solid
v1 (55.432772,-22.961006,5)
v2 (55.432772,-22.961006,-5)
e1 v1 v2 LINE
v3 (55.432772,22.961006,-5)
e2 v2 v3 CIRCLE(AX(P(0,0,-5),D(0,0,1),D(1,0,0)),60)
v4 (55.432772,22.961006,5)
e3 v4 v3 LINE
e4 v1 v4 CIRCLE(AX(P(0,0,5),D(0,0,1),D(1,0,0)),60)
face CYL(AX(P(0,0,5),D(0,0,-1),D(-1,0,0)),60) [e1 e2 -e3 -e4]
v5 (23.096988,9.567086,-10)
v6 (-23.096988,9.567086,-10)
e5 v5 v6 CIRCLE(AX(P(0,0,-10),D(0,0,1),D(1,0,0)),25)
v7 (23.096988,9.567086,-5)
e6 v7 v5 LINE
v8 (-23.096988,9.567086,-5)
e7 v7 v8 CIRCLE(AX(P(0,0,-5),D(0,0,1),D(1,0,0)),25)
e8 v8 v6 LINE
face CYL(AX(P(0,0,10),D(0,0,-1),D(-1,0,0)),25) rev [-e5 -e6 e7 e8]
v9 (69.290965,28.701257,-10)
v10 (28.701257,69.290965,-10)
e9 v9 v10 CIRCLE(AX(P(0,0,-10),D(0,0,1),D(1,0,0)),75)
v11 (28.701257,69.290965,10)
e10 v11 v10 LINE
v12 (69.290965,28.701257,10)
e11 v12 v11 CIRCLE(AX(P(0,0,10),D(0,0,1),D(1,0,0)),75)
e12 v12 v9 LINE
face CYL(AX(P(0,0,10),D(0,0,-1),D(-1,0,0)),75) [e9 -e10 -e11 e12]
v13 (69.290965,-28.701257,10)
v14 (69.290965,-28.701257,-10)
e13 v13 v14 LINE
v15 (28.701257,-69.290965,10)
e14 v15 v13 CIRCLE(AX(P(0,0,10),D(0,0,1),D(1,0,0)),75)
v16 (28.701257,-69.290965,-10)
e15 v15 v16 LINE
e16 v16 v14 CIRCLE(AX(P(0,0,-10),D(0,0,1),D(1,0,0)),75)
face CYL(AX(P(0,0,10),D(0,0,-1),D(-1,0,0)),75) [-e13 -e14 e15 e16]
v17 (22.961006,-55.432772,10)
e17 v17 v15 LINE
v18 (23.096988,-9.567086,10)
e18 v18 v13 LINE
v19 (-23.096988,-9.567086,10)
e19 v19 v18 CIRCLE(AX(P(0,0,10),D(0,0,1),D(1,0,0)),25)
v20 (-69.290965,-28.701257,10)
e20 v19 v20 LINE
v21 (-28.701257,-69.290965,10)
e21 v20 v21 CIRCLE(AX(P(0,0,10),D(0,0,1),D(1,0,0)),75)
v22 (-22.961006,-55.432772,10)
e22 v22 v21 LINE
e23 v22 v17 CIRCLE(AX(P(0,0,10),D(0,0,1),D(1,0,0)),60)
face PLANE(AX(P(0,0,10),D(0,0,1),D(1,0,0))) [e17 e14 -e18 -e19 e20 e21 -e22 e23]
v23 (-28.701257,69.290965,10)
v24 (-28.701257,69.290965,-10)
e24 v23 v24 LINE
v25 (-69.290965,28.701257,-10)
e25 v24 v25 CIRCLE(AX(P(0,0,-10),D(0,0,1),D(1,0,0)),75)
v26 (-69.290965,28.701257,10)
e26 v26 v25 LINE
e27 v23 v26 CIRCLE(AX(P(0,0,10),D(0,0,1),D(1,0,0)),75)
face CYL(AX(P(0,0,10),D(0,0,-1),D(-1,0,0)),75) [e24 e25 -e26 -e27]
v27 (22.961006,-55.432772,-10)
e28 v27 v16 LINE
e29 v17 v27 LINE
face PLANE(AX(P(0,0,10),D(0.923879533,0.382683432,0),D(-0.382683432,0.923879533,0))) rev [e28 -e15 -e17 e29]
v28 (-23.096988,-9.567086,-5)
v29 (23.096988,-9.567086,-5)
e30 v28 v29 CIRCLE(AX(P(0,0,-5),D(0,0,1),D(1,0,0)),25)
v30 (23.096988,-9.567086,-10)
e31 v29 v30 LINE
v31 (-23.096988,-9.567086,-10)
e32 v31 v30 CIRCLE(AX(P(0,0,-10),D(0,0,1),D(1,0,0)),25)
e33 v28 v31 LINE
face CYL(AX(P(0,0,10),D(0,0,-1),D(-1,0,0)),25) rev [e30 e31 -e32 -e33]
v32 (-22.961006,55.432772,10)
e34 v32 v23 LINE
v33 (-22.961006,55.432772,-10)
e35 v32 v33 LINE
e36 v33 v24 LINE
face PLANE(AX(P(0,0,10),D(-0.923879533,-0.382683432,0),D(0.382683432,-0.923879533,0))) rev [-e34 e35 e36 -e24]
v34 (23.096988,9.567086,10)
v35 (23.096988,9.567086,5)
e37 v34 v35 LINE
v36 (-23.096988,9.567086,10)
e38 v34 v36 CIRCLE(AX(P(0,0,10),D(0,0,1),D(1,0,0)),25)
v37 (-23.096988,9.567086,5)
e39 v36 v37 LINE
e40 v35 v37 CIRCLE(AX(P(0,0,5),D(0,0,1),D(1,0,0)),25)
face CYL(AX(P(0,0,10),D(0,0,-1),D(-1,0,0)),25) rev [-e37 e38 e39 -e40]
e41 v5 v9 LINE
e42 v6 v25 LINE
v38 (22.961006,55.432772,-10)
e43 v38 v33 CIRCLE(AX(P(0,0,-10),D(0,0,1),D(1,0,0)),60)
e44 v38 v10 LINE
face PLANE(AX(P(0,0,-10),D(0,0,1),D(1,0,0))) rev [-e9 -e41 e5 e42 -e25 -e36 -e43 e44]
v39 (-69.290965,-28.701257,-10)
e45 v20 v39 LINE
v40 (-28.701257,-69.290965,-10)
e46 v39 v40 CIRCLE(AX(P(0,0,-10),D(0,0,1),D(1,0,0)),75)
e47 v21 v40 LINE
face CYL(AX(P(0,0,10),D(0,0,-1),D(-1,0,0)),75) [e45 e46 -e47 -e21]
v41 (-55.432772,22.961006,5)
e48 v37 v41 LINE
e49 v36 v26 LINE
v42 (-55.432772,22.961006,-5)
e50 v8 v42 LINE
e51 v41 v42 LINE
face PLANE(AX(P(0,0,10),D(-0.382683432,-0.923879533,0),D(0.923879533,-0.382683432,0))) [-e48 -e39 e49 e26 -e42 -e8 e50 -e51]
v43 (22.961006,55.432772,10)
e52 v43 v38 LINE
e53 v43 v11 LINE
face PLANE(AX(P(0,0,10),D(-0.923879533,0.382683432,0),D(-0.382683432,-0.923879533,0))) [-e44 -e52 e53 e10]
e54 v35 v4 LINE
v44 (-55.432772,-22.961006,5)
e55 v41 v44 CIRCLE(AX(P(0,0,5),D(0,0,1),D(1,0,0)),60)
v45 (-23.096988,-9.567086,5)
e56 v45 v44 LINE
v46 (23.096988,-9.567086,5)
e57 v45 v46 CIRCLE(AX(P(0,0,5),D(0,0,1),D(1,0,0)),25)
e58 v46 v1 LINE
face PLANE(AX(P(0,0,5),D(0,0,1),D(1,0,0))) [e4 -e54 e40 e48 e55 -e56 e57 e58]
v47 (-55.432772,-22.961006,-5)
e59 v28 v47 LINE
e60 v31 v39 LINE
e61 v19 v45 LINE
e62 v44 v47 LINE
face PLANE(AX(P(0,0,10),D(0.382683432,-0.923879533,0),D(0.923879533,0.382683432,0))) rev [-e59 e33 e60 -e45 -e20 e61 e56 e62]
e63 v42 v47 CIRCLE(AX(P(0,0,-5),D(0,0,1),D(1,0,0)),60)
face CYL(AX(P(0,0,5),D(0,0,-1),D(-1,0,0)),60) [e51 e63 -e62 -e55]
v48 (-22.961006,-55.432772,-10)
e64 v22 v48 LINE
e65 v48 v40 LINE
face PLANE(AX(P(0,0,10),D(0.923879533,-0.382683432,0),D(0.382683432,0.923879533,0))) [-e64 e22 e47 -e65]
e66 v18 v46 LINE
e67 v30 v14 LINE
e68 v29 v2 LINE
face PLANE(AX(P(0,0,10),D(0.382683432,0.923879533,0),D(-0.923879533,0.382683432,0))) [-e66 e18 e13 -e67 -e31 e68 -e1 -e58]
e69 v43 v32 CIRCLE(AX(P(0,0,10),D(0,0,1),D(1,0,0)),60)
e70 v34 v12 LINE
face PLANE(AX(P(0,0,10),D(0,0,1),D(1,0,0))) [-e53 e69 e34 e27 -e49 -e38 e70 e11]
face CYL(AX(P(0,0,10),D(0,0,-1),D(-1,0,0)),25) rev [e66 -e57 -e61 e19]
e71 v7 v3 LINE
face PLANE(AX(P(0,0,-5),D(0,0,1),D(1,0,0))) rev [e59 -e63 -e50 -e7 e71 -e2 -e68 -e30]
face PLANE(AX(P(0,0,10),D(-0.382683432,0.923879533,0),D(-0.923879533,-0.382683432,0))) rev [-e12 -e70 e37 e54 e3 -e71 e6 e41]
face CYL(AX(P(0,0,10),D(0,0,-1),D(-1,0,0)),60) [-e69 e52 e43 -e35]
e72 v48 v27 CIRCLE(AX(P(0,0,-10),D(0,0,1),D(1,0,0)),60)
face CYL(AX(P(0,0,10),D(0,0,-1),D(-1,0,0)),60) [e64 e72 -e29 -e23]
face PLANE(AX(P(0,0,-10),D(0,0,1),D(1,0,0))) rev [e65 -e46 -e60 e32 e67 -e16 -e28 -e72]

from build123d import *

# Parameters (mm, degrees)
BOSS_EXTRUDE1_DEPTH   = 10
BOSS_EXTRUDE1_2_DEPTH = 10
BOSS_EXTRUDE2_DEPTH   = 5


with BuildPart() as part:
    # Sketch1 → Boss-Extrude1 (new, symmetric)
    with BuildSketch(Plane.XY):
        with BuildLine():
            ThreePointArc((23.096988313, -9.567085809), (0, -25), (-23.096988313, -9.567085809))
            Line((-23.096988313, -9.567085809), (-69.290964938, -28.701257427))
            ThreePointArc((-69.290964938, -28.701257427), (-53.033008589, -53.033008589), (-28.701257427, -69.290964938))
            Line((-28.701257427, -69.290964938), (-22.961005942, -55.432771951))
            ThreePointArc((-22.961005942, -55.432771951), (0, -60), (22.961005942, -55.432771951))
            Line((22.961005942, -55.432771951), (28.701257427, -69.290964938))
            ThreePointArc((28.701257427, -69.290964938), (53.033008589, -53.033008589), (69.290964938, -28.701257427))
            Line((69.290964938, -28.701257427), (23.096988313, -9.567085809))
        make_face()
    extrude(amount=BOSS_EXTRUDE1_DEPTH, both=True)



with BuildPart() as body_2:
    # Sketch1 → Boss-Extrude1 2 (new, symmetric)
    with BuildSketch(Plane.XY):
        with BuildLine():
            ThreePointArc((69.290964938, 28.701257427), (53.033008589, 53.033008589), (28.701257427, 69.290964938))
            Line((28.701257427, 69.290964938), (22.961005942, 55.432771951))
            ThreePointArc((22.961005942, 55.432771951), (0, 60), (-22.961005942, 55.432771951))
            Line((-22.961005942, 55.432771951), (-28.701257427, 69.290964938))
            ThreePointArc((-28.701257427, 69.290964938), (-53.033008589, 53.033008589), (-69.290964938, 28.701257427))
            Line((-69.290964938, 28.701257427), (-23.096988313, 9.567085809))
            ThreePointArc((-23.096988313, 9.567085809), (0, 25), (23.096988313, 9.567085809))
            Line((23.096988313, 9.567085809), (69.290964938, 28.701257427))
        make_face()
    extrude(amount=BOSS_EXTRUDE1_2_DEPTH, both=True)


with BuildPart() as part_1:
    add(part.part)

    add(body_2.part)  # Boss-Extrude2 merges body 2
    # Sketch1<3> → Boss-Extrude2 (add, symmetric)
    with BuildSketch(Plane.XY):
        with BuildLine():
            ThreePointArc((-23.096988313, -9.567085809), (0, -25), (23.096988313, -9.567085809))
            Line((23.096988313, -9.567085809), (55.432771951, -22.961005942))
            ThreePointArc((55.432771951, -22.961005942), (58.847116824, -11.705419321), (60, 0))
            ThreePointArc((60, 0), (58.847116824, 11.705419321), (55.432771951, 22.961005942))
            Line((55.432771951, 22.961005942), (23.096988313, 9.567085809))
            ThreePointArc((23.096988313, 9.567085809), (0, 25), (-23.096988313, 9.567085809))
            Line((-23.096988313, 9.567085809), (-55.432771951, 22.961005942))
            ThreePointArc((-55.432771951, 22.961005942), (-60, 0), (-55.432771951, -22.961005942))
            Line((-55.432771951, -22.961005942), (-23.096988313, -9.567085809))
        make_face()
    extrude(amount=BOSS_EXTRUDE2_DEPTH, both=True)


solid = part_1.part
